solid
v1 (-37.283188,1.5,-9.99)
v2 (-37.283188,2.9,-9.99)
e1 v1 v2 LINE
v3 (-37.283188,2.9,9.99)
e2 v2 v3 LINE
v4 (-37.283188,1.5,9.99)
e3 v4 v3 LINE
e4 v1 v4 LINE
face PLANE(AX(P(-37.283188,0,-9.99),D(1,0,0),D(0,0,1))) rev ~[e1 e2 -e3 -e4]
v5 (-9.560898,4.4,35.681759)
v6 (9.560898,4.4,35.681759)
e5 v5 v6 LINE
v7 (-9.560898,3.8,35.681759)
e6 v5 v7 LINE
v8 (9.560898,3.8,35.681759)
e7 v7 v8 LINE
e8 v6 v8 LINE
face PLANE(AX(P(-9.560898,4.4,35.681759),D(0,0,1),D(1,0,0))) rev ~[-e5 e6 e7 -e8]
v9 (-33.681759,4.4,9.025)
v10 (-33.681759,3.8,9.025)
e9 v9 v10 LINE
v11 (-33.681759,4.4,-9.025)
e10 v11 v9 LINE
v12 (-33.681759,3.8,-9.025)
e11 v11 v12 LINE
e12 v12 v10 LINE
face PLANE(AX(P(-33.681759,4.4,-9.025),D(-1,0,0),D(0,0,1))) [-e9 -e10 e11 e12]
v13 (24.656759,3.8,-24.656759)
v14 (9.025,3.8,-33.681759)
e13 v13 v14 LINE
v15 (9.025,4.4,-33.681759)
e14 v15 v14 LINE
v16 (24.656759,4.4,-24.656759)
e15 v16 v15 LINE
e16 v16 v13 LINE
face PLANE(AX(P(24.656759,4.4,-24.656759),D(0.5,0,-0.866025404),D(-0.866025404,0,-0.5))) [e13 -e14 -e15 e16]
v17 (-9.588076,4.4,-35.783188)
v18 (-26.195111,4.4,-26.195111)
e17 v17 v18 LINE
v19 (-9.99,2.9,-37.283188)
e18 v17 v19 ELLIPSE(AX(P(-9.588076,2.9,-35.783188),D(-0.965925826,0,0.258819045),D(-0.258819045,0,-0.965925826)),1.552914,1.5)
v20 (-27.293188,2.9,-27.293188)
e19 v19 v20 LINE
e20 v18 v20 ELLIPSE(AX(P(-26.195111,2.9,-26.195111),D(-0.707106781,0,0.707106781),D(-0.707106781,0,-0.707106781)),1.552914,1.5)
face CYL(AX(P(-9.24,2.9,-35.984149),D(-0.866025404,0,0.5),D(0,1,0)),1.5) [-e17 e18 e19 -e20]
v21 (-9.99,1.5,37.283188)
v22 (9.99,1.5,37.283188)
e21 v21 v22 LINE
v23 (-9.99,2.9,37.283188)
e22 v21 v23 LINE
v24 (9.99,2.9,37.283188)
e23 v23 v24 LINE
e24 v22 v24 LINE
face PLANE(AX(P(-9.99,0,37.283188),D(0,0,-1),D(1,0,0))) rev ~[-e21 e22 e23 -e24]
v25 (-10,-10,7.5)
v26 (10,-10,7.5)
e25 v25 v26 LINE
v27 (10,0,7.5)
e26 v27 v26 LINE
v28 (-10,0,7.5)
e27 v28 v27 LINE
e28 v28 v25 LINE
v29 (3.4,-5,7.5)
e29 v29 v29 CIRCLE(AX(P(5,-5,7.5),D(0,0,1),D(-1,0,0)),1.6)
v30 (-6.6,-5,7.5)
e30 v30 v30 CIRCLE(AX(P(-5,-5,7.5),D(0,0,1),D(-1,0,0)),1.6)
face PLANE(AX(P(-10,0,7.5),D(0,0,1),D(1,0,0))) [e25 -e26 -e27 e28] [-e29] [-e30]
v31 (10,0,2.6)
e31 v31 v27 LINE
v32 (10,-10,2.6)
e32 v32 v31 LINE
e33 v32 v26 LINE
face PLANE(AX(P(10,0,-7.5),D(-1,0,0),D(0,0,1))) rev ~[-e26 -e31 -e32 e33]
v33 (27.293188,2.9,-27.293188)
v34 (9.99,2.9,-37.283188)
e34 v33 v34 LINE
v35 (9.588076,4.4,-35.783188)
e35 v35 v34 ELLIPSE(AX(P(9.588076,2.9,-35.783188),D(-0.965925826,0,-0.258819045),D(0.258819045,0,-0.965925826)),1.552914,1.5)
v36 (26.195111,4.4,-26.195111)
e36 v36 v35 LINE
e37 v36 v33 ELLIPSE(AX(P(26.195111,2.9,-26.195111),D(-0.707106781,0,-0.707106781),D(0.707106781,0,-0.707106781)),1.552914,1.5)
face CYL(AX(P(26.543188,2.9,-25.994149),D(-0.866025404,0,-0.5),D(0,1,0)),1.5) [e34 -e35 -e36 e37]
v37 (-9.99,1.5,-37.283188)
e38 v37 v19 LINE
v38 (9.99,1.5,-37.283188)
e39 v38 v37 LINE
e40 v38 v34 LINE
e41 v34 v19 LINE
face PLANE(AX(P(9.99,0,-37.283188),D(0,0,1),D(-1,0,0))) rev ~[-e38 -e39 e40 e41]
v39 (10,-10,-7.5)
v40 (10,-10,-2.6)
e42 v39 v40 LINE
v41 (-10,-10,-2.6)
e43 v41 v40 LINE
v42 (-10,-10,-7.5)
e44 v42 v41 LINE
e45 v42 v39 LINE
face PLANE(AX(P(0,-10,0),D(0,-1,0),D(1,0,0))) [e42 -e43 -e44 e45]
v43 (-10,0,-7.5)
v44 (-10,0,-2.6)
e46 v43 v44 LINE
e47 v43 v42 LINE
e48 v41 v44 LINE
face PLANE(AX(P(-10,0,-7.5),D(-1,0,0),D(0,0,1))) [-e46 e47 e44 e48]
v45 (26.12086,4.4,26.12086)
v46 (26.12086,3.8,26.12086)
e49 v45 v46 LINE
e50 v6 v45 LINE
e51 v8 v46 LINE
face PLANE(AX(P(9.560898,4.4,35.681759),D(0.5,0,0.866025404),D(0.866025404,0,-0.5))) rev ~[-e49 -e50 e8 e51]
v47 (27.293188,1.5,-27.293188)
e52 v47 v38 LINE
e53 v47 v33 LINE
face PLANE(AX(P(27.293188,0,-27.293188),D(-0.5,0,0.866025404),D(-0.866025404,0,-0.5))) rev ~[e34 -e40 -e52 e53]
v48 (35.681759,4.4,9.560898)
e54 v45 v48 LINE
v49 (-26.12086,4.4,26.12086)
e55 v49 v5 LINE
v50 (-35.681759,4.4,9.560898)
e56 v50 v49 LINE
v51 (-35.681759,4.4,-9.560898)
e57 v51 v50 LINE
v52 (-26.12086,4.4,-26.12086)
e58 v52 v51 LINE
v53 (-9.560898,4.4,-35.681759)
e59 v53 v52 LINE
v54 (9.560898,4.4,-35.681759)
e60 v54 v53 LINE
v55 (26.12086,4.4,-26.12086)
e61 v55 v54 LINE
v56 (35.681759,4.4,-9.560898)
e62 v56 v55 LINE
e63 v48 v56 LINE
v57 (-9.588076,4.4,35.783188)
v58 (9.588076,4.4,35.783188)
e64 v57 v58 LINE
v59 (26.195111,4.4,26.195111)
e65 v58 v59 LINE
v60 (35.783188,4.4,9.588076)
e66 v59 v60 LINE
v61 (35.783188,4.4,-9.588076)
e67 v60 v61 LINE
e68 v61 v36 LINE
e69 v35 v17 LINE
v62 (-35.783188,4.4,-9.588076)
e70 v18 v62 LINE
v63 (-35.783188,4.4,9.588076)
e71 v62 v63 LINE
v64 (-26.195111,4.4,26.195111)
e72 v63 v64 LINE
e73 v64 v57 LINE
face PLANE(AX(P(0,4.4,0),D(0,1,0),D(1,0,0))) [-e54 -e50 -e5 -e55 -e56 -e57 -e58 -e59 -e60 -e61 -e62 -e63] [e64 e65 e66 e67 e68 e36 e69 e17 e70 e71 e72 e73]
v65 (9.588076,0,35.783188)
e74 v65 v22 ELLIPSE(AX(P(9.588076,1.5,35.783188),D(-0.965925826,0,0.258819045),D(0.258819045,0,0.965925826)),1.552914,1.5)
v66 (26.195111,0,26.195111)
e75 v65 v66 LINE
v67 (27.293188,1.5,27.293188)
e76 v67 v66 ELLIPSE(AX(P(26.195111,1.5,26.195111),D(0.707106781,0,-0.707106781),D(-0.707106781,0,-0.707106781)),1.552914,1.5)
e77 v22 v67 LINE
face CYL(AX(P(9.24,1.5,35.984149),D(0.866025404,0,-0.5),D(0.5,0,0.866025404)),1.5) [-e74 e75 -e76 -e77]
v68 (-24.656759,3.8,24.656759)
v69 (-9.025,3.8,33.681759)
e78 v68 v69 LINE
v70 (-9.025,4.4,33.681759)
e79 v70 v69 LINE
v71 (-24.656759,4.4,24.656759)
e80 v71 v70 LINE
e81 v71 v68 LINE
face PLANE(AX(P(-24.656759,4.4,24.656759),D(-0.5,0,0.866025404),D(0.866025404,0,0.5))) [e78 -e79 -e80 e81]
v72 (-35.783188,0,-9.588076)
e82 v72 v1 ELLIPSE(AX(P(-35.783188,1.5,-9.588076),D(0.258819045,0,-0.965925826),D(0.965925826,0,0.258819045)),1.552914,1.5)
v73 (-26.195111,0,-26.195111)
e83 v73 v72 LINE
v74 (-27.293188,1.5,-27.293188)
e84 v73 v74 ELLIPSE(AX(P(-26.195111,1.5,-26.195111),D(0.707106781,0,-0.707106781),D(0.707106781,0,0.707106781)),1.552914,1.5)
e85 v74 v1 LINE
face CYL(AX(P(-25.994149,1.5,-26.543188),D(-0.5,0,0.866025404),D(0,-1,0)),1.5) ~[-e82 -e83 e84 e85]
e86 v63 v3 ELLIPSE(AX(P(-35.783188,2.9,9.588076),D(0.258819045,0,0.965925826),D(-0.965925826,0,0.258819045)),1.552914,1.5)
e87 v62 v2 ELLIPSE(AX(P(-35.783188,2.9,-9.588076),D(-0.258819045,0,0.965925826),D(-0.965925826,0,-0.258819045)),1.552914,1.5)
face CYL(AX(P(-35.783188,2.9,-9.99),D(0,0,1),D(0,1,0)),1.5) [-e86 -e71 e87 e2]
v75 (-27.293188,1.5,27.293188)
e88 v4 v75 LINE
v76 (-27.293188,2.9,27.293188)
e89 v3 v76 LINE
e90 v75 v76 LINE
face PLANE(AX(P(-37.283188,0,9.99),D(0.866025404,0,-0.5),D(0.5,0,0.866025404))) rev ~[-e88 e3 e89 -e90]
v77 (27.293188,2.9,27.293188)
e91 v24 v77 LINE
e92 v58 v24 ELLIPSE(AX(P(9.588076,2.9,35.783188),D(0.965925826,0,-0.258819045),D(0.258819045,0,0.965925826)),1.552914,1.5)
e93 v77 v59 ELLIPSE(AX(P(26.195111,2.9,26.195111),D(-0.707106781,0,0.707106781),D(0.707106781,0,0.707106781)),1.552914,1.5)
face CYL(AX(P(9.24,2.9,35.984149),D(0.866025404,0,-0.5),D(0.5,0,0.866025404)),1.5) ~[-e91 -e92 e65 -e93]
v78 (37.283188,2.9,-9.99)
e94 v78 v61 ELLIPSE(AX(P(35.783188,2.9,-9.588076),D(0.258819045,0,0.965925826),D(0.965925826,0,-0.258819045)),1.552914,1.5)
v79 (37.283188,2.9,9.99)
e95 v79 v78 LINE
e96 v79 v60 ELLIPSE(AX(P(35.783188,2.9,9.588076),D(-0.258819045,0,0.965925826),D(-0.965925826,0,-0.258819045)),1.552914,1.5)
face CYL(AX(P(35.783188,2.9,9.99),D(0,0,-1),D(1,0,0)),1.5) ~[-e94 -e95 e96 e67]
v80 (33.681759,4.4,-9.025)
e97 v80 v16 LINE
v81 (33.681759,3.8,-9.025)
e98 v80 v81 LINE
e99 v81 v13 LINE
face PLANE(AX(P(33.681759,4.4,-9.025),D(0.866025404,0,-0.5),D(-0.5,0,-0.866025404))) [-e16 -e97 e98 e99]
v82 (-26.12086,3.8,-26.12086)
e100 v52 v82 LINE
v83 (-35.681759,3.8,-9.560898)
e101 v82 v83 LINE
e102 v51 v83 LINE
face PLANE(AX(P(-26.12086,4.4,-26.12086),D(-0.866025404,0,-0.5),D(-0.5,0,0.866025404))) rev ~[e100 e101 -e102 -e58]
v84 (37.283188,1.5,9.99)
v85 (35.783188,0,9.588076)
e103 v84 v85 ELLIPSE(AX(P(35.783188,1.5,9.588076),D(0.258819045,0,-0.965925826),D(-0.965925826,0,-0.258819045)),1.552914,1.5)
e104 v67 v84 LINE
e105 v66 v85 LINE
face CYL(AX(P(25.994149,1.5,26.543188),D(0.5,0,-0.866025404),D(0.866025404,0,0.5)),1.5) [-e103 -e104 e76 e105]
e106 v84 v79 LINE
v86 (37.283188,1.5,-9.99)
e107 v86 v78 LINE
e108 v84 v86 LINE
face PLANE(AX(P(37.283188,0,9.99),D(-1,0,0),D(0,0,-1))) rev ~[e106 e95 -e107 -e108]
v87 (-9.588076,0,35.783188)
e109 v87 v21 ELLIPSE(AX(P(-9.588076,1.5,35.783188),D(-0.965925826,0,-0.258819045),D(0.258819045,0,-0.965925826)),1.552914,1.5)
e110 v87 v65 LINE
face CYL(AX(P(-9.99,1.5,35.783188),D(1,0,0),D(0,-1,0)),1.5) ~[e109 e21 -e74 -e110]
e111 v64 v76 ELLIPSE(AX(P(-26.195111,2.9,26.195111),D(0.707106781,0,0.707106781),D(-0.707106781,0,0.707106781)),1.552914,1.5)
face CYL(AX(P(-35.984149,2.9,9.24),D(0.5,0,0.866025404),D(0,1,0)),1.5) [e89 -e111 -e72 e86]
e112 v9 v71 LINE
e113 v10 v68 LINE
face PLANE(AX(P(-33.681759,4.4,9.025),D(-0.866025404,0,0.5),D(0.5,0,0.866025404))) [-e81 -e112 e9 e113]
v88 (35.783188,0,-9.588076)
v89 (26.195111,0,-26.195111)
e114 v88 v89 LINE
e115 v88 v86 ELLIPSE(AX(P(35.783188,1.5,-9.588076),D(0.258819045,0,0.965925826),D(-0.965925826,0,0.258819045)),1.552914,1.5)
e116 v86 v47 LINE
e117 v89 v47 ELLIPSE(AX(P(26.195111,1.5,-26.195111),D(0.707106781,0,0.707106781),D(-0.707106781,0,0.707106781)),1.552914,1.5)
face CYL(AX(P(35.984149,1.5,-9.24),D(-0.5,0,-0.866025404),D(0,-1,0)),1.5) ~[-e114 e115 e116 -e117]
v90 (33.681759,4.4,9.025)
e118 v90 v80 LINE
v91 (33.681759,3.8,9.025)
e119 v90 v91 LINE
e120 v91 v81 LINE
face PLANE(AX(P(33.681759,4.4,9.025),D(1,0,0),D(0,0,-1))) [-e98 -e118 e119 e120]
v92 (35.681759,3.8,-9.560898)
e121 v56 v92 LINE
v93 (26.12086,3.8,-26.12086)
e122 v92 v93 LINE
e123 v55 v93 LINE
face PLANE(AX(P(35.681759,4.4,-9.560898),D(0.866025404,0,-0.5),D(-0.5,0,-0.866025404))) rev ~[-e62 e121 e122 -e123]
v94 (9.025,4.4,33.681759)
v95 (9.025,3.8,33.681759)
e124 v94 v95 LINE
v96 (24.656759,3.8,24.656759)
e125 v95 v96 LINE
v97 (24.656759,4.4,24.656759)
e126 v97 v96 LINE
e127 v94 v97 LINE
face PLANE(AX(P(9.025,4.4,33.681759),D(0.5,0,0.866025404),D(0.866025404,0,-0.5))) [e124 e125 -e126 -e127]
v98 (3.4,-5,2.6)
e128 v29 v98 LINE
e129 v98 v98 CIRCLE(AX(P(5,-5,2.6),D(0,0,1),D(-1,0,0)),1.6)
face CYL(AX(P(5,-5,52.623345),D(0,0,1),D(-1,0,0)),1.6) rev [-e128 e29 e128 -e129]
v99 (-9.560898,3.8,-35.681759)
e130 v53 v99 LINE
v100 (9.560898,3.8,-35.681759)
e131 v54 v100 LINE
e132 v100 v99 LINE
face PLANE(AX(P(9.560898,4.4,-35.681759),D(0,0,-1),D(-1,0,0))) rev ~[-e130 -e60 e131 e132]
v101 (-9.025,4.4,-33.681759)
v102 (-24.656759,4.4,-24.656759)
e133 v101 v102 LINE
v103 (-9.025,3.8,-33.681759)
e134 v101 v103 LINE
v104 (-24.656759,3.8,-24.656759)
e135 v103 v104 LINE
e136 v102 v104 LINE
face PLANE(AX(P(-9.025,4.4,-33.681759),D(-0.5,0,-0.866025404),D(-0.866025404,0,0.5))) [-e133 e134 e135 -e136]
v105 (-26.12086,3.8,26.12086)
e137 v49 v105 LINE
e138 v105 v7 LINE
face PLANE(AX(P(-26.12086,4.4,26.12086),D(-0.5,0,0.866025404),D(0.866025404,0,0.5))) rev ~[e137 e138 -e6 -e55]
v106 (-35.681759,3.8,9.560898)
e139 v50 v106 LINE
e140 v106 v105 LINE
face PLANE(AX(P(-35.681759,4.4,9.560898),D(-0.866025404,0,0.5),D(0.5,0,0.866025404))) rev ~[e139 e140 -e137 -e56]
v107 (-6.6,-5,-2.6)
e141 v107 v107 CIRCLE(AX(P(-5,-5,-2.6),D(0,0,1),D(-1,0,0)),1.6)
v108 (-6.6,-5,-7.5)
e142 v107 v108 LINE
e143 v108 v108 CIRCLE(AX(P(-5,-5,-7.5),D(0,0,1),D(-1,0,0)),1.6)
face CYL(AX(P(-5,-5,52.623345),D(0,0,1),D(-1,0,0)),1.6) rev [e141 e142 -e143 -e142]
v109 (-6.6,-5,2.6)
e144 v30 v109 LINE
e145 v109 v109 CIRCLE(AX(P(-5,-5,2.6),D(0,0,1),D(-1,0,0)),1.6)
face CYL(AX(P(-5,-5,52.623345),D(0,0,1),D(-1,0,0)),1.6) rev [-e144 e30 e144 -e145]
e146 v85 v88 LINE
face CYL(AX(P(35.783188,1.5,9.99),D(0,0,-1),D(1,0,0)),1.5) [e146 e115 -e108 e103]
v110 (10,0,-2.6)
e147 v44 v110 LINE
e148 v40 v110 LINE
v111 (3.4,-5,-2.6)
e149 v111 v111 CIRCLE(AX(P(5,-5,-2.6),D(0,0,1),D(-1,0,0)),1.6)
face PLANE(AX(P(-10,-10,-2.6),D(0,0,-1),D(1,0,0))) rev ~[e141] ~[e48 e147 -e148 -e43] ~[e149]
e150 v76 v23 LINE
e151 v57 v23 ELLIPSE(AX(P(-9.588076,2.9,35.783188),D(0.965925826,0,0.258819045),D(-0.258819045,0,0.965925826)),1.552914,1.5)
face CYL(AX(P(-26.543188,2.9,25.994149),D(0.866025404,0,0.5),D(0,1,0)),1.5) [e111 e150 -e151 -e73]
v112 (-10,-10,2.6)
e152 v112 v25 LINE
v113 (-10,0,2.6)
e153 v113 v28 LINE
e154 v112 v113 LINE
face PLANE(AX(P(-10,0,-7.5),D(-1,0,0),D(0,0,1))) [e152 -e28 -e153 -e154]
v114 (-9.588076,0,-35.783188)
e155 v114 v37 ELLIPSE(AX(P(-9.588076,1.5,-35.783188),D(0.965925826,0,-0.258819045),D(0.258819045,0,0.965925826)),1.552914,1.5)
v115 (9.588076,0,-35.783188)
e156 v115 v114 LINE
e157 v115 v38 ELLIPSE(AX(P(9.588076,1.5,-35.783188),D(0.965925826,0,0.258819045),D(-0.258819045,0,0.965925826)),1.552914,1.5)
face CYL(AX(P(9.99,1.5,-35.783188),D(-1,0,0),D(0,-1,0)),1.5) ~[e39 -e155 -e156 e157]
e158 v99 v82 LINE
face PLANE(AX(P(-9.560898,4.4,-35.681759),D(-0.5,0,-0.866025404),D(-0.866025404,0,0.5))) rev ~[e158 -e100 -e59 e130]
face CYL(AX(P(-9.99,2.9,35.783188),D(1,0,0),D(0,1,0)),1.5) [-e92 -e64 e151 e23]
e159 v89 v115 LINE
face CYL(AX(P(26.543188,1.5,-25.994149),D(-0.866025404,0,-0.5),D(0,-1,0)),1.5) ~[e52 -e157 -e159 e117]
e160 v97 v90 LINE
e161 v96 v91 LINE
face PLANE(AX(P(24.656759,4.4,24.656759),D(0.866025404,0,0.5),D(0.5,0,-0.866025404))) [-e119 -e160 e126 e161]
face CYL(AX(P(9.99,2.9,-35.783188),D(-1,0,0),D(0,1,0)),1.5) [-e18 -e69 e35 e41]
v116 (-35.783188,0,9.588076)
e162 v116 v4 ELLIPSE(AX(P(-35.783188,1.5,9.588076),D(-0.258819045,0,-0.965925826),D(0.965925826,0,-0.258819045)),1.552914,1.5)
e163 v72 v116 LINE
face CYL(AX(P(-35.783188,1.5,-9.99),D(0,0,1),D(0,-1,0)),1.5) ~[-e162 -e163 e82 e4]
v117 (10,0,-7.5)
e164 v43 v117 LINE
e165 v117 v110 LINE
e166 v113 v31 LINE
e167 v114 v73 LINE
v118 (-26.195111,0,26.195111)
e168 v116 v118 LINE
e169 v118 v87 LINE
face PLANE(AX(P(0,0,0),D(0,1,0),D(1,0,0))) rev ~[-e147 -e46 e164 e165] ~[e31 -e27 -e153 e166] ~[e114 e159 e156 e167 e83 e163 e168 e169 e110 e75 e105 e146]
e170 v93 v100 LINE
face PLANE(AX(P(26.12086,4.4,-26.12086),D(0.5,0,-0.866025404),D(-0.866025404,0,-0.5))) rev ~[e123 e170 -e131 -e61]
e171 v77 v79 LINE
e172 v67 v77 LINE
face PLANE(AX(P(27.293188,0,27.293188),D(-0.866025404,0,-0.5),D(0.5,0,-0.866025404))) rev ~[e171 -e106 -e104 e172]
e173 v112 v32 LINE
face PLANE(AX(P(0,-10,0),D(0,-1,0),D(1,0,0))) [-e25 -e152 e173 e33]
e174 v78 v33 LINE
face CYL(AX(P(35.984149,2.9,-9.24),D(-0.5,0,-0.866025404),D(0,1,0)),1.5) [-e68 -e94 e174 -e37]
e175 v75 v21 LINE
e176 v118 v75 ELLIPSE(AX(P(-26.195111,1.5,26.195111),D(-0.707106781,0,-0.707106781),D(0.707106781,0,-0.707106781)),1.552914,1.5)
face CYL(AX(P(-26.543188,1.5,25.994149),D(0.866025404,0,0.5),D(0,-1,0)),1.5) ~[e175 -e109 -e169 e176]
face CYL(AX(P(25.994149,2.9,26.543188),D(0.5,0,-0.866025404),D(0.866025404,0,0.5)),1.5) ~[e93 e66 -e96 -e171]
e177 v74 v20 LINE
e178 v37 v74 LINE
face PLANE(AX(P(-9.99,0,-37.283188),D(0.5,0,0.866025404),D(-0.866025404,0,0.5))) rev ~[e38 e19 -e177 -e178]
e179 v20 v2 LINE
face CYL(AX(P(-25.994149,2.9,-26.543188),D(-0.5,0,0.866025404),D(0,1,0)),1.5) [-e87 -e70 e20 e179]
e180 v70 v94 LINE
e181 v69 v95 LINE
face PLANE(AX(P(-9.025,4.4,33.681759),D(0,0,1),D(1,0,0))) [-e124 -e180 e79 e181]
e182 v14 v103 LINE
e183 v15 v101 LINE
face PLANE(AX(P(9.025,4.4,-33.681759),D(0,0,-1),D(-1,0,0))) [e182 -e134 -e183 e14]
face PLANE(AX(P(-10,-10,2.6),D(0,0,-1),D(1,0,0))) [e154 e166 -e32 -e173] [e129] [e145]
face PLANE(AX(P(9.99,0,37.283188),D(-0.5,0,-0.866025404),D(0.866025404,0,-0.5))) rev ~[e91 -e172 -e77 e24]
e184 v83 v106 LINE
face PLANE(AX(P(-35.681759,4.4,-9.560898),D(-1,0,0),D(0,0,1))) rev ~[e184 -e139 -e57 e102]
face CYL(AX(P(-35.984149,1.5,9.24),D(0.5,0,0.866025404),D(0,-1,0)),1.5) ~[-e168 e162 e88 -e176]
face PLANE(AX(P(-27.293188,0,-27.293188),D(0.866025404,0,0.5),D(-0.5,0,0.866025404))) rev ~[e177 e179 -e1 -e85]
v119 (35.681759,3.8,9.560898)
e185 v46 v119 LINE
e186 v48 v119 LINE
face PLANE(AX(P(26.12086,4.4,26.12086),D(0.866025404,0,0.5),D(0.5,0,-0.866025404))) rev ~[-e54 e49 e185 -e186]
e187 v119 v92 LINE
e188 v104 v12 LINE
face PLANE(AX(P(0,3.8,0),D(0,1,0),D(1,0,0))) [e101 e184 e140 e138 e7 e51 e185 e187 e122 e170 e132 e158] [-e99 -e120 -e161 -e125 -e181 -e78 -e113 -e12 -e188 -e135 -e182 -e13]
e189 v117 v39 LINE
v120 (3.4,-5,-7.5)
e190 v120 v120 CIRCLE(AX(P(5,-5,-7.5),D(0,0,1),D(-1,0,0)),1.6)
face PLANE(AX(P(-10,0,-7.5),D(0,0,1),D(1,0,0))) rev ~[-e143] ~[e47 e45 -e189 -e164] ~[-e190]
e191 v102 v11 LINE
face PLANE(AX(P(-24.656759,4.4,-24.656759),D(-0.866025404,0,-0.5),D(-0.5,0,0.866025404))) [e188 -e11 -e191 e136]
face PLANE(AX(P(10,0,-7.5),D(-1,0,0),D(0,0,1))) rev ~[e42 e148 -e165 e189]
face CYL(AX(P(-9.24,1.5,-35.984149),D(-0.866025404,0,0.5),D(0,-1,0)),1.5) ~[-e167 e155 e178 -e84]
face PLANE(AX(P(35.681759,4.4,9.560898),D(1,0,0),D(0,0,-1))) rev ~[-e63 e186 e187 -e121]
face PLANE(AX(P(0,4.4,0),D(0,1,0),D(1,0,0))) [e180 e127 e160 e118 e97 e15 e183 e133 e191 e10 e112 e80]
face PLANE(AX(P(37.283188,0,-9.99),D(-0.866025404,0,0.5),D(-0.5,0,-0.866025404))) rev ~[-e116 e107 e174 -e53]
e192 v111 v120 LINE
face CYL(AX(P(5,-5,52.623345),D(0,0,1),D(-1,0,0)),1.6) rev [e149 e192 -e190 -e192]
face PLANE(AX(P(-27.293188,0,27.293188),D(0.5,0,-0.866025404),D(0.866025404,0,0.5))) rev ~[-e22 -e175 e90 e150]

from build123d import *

# Parameters (mm, degrees)
EXTRUDE_1_DEPTH          = 4.4
CUT_EXTRUDE_1_DEPTH      = 0.6
FILLET_1_R               = 1.5
SKETCH_3_W               = 20
SKETCH_3_H               = 15
EXTRUDE_2_DEPTH          = 10
SKETCH_4_W               = 20
SKETCH_4_H               = 5.2
CUT_EXTRUDE_2_DEPTH      = 10
CUT_EXTRUDE_3_DEPTH      = 60.123345338
CUT_EXTRUDE_3_DEPTH_BACK = 60.123345338
SKETCH_5_R               = 1.6


with BuildPart() as part:
    # 스케치1 → 보스-돌출1 (new body)
    with BuildSketch(Plane(origin=(0, 0, 0), x_dir=(1, 0, 0), z_dir=(0, 1, 0))):
        Polygon((27.293187568, -27.293187568), (37.283187568, -9.99), (37.283187568, 9.99), (27.293187568, 27.293187568), (9.99, 37.283187568), (-9.99, 37.283187568), (-27.293187568, 27.293187568), (-37.283187568, 9.99), (-37.283187568, -9.99), (-27.293187568, -27.293187568), (-9.99, -37.283187568), (9.99, -37.283187568), align=None)
    extrude(amount=EXTRUDE_1_DEPTH)

    # 스케치2 → 컷-돌출1 (cut)
    with BuildSketch(Plane(origin=(0, 4.4, 0), x_dir=(1, 0, 0), z_dir=(0, 1, 0))):
        Polygon((-26.120860153, 26.120860153), (-35.681758538, 9.560898385), (-35.681758538, -9.560898385), (-26.120860153, -26.120860153), (-9.560898385, -35.681758538), (9.560898385, -35.681758538), (26.120860153, -26.120860153), (35.681758538, -9.560898385), (35.681758538, 9.560898385), (26.120860153, 26.120860153), (9.560898385, 35.681758538), (-9.560898385, 35.681758538), align=None)
        Polygon((24.656758538, -24.656758538), (33.681758538, -9.025), (33.681758538, 9.025), (24.656758538, 24.656758538), (9.025, 33.681758538), (-9.025, 33.681758538), (-24.656758538, 24.656758538), (-33.681758538, 9.025), (-33.681758538, -9.025), (-24.656758538, -24.656758538), (-9.025, -33.681758538), (9.025, -33.681758538), align=None, mode=Mode.SUBTRACT)
    extrude(amount=-CUT_EXTRUDE_1_DEPTH, mode=Mode.SUBTRACT)

    # 필렛1
    fillet_1_edges = [part.edges().sort_by_distance(p)[0] for p in [
        (0, 0, 37.283187568),
        (-18.641593784, 0, 32.288187568),
        (37.283187568, 4.4, 0),
        (-32.288187568, 0, 18.641593784),
        (-37.283187568, 0, 0),
        (-32.288187568, 0, -18.641593784),
        (-18.641593784, 0, -32.288187568),
        (0, 0, -37.283187568),
        (18.641593784, 0, -32.288187568),
        (32.288187568, 0, -18.641593784),
        (37.283187568, 0, 0),
        (32.288187568, 0, 18.641593784),
        (18.641593784, 0, 32.288187568),
        (32.288187568, 4.4, -18.641593784),
        (18.641593784, 4.4, -32.288187568),
        (0, 4.4, -37.283187568),
        (-18.641593784, 4.4, -32.288187568),
        (-32.288187568, 4.4, -18.641593784),
        (-37.283187568, 4.4, 0),
        (-32.288187568, 4.4, 18.641593784),
        (-18.641593784, 4.4, 32.288187568),
        (0, 4.4, 37.283187568),
        (18.641593784, 4.4, 32.288187568),
        (32.288187568, 4.4, 18.641593784),
    ]]
    fillet(fillet_1_edges, radius=FILLET_1_R)

    # 스케치3 → 보스-돌출2 (add)
    with BuildSketch(Plane.XZ):
        Rectangle(SKETCH_3_W, SKETCH_3_H)
    extrude(amount=EXTRUDE_2_DEPTH)

    # 스케치4 → 컷-돌출2 (cut)
    with BuildSketch(Plane.XZ.offset(10)):
        Rectangle(SKETCH_4_W, SKETCH_4_H)
    extrude(amount=-CUT_EXTRUDE_2_DEPTH, mode=Mode.SUBTRACT)

    # 스케치5 → 컷-돌출3 (cut, two sides: drawn at the far end of the back side and taken through both)
    with BuildSketch(Plane(origin=(0, 0, -7.5), x_dir=(-1, 0, 0), z_dir=(0, 0, -1)).offset(-CUT_EXTRUDE_3_DEPTH_BACK)):
        with Locations((-5, -5)):
            Circle(SKETCH_5_R)
        with Locations((5, -5)):
            Circle(SKETCH_5_R)
    extrude(amount=CUT_EXTRUDE_3_DEPTH + CUT_EXTRUDE_3_DEPTH_BACK, mode=Mode.SUBTRACT)


solid = part.part
